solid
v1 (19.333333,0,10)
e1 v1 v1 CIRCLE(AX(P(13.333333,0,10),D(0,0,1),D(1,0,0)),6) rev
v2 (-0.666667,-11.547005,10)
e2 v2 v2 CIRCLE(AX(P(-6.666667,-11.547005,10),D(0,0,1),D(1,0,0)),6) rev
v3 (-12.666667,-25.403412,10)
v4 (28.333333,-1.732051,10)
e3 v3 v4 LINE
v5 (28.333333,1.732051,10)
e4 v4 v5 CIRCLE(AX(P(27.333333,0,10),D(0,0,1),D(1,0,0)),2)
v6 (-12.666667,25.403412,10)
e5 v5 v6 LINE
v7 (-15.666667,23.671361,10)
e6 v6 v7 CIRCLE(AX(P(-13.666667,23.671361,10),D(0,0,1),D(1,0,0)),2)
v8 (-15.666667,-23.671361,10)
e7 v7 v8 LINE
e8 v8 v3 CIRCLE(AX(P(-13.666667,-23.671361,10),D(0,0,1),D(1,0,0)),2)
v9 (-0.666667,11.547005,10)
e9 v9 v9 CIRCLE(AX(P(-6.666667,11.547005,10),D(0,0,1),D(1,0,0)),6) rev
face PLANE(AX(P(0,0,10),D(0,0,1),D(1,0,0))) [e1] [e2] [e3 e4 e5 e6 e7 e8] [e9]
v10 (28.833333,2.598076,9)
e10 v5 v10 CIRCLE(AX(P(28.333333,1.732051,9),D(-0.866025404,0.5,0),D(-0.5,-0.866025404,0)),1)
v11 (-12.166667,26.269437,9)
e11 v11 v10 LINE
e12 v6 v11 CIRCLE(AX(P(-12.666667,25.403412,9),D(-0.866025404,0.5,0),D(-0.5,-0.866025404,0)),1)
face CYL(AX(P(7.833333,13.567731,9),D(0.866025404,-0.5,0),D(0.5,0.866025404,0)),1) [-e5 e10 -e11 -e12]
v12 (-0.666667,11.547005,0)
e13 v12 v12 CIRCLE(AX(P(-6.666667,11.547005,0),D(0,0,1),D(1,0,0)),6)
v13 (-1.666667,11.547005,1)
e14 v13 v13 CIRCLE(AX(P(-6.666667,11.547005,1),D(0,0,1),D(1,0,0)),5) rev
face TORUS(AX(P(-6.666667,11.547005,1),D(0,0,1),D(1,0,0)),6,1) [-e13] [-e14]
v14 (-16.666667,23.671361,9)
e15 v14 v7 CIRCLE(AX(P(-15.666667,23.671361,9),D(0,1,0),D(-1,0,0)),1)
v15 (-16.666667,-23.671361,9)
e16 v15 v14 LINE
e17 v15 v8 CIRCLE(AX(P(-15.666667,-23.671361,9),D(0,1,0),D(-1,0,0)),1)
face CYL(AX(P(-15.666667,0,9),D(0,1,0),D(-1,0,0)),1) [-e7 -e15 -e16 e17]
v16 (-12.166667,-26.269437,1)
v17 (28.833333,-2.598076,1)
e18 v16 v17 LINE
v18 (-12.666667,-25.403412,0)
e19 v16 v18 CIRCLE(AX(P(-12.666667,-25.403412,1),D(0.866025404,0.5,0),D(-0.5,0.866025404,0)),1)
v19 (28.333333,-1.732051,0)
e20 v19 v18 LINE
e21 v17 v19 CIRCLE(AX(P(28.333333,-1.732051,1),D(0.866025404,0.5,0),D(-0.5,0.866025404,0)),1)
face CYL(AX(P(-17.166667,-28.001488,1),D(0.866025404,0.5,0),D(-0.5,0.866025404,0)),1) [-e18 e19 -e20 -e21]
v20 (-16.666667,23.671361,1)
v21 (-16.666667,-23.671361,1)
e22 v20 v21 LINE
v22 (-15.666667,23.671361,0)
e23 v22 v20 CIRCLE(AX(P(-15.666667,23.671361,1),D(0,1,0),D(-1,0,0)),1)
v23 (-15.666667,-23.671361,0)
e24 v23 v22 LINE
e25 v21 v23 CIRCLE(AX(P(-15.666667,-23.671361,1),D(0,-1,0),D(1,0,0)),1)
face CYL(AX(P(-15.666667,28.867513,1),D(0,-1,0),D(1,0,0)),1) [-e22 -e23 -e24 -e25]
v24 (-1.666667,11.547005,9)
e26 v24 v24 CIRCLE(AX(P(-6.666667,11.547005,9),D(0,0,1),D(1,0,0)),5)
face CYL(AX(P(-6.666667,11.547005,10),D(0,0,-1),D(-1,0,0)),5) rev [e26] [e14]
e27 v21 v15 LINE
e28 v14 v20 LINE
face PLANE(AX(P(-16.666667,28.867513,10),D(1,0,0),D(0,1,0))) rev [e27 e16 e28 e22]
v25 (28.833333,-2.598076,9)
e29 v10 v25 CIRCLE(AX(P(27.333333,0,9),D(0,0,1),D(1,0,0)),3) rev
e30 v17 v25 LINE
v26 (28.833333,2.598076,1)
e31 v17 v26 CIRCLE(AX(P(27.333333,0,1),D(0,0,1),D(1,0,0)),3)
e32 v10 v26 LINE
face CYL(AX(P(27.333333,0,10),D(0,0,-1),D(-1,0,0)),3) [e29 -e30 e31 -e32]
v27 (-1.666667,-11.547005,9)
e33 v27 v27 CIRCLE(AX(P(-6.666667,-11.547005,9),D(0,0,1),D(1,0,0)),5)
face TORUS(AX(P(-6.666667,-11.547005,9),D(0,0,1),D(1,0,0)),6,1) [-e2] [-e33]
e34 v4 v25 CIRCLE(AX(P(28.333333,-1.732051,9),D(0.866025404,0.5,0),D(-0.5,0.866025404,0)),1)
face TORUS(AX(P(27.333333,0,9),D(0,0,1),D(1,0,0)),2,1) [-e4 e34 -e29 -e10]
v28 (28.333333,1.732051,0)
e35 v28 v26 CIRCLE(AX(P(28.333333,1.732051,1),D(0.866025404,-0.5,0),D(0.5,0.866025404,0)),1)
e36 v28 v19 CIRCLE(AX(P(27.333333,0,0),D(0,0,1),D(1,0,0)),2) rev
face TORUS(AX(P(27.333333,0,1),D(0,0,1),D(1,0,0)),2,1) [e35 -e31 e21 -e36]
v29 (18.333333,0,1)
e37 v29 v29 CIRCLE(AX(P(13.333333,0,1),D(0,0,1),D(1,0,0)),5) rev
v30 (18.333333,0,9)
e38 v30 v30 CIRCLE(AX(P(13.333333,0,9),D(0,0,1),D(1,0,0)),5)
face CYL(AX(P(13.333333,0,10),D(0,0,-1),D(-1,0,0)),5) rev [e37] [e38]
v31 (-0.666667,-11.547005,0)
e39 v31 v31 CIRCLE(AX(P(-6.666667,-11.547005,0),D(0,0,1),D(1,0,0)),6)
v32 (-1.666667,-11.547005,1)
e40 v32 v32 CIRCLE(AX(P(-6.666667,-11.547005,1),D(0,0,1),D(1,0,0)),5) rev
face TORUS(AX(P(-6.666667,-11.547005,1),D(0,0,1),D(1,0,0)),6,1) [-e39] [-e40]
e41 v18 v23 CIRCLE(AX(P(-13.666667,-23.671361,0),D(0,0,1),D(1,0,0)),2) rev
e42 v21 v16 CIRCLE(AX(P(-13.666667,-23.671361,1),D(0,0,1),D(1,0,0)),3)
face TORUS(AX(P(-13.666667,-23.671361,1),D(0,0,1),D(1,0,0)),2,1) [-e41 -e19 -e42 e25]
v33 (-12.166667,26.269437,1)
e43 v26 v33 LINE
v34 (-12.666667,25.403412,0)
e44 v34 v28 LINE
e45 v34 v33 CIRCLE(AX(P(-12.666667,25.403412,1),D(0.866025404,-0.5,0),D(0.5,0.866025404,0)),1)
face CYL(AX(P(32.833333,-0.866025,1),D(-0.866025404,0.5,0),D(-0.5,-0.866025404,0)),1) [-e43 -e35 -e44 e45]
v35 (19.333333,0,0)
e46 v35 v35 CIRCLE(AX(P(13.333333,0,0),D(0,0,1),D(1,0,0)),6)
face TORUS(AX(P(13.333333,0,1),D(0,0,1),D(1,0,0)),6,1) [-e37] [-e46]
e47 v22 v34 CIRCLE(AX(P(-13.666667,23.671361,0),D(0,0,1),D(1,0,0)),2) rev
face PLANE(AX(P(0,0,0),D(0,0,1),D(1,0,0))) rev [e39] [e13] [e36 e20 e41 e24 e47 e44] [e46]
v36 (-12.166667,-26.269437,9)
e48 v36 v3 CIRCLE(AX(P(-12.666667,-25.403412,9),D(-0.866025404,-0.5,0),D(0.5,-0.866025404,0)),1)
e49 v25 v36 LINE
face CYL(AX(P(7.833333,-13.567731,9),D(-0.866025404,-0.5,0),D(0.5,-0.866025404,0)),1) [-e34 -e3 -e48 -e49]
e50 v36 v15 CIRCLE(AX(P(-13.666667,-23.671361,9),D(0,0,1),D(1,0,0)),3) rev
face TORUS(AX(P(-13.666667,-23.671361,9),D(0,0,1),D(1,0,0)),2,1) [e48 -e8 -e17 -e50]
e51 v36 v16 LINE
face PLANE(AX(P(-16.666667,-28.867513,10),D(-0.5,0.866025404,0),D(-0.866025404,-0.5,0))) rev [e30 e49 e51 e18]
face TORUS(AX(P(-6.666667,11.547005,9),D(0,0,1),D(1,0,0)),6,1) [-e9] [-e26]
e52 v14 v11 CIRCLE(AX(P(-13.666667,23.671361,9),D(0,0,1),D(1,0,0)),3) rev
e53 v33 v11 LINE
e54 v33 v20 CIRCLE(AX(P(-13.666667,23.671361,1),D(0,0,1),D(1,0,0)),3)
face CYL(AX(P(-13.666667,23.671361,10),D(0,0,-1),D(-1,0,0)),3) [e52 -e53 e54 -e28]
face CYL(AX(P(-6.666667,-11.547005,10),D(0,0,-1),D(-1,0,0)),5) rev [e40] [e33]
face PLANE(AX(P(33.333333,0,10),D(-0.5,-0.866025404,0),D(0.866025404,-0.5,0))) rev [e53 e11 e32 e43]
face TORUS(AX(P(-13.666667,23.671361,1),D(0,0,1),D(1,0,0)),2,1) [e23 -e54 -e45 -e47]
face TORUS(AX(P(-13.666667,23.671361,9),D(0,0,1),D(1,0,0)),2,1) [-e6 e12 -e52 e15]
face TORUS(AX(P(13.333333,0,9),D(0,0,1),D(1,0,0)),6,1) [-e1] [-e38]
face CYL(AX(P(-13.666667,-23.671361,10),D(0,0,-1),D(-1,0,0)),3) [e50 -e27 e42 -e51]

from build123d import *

# Parameters (mm, degrees)
BOSS_EXTRUDE1_DEPTH = 10
SKETCH2_R           = 5
CUT_EXTRUDE1_DEPTH  = 10
FILLET1_R           = 3
FILLET2_R           = 1


with BuildPart() as part:
    # Sketch1 → Boss-Extrude1 (new body)
    with BuildSketch(Plane.XY):
        Polygon((33.333333333, 0), (-16.666666667, 28.867513459), (-16.666666667, -28.867513459), align=None)
    extrude(amount=BOSS_EXTRUDE1_DEPTH)

    # Sketch2 → Cut-Extrude1 (cut)
    with BuildSketch(Plane(origin=(0, 0, 0), x_dir=(-1, 0, 0), z_dir=(0, 0, -1))):
        with Locations((6.666666667, 11.547005384)):
            Circle(SKETCH2_R)
        with Locations((6.666666667, -11.547005384)):
            Circle(SKETCH2_R)
        with Locations((-13.333333333, 0)):
            Circle(SKETCH2_R)
    extrude(amount=-CUT_EXTRUDE1_DEPTH, mode=Mode.SUBTRACT)

    # Fillet1
    fillet1_edges = [part.edges().sort_by_distance(p)[0] for p in [
        (-16.666666667, -28.867513459, 5),
        (-16.666666667, 28.867513459, 5),
        (33.333333333, 0, 5),
    ]]
    fillet(fillet1_edges, radius=FILLET1_R)

    # Fillet2
    fillet2_edges = [part.edges().sort_by_distance(p)[0] for p in [
        (-1.666666667, 11.547005384, 10),
        (-1.666666667, 11.547005384, 0),
        (-1.666666667, -11.547005384, 10),
        (-1.666666667, -11.547005384, 0),
        (18.333333333, 0, 10),
        (18.333333333, 0, 0),
        (-16.666666667, 0, 0),
        (-16.666666667, 0, 10),
        (8.333333333, -14.43375673, 0),
        (8.333333333, 14.43375673, 0),
        (-15.166666667, -26.269437248, 0),
        (30.333333333, 0, 0),
        (-15.166666667, 26.269437248, 0),
        (8.333333333, 14.43375673, 10),
        (8.333333333, -14.43375673, 10),
        (-15.166666667, -26.269437248, 10),
        (30.333333333, 0, 10),
        (-15.166666667, 26.269437248, 10),
    ]]
    fillet(fillet2_edges, radius=FILLET2_R)


solid = part.part
